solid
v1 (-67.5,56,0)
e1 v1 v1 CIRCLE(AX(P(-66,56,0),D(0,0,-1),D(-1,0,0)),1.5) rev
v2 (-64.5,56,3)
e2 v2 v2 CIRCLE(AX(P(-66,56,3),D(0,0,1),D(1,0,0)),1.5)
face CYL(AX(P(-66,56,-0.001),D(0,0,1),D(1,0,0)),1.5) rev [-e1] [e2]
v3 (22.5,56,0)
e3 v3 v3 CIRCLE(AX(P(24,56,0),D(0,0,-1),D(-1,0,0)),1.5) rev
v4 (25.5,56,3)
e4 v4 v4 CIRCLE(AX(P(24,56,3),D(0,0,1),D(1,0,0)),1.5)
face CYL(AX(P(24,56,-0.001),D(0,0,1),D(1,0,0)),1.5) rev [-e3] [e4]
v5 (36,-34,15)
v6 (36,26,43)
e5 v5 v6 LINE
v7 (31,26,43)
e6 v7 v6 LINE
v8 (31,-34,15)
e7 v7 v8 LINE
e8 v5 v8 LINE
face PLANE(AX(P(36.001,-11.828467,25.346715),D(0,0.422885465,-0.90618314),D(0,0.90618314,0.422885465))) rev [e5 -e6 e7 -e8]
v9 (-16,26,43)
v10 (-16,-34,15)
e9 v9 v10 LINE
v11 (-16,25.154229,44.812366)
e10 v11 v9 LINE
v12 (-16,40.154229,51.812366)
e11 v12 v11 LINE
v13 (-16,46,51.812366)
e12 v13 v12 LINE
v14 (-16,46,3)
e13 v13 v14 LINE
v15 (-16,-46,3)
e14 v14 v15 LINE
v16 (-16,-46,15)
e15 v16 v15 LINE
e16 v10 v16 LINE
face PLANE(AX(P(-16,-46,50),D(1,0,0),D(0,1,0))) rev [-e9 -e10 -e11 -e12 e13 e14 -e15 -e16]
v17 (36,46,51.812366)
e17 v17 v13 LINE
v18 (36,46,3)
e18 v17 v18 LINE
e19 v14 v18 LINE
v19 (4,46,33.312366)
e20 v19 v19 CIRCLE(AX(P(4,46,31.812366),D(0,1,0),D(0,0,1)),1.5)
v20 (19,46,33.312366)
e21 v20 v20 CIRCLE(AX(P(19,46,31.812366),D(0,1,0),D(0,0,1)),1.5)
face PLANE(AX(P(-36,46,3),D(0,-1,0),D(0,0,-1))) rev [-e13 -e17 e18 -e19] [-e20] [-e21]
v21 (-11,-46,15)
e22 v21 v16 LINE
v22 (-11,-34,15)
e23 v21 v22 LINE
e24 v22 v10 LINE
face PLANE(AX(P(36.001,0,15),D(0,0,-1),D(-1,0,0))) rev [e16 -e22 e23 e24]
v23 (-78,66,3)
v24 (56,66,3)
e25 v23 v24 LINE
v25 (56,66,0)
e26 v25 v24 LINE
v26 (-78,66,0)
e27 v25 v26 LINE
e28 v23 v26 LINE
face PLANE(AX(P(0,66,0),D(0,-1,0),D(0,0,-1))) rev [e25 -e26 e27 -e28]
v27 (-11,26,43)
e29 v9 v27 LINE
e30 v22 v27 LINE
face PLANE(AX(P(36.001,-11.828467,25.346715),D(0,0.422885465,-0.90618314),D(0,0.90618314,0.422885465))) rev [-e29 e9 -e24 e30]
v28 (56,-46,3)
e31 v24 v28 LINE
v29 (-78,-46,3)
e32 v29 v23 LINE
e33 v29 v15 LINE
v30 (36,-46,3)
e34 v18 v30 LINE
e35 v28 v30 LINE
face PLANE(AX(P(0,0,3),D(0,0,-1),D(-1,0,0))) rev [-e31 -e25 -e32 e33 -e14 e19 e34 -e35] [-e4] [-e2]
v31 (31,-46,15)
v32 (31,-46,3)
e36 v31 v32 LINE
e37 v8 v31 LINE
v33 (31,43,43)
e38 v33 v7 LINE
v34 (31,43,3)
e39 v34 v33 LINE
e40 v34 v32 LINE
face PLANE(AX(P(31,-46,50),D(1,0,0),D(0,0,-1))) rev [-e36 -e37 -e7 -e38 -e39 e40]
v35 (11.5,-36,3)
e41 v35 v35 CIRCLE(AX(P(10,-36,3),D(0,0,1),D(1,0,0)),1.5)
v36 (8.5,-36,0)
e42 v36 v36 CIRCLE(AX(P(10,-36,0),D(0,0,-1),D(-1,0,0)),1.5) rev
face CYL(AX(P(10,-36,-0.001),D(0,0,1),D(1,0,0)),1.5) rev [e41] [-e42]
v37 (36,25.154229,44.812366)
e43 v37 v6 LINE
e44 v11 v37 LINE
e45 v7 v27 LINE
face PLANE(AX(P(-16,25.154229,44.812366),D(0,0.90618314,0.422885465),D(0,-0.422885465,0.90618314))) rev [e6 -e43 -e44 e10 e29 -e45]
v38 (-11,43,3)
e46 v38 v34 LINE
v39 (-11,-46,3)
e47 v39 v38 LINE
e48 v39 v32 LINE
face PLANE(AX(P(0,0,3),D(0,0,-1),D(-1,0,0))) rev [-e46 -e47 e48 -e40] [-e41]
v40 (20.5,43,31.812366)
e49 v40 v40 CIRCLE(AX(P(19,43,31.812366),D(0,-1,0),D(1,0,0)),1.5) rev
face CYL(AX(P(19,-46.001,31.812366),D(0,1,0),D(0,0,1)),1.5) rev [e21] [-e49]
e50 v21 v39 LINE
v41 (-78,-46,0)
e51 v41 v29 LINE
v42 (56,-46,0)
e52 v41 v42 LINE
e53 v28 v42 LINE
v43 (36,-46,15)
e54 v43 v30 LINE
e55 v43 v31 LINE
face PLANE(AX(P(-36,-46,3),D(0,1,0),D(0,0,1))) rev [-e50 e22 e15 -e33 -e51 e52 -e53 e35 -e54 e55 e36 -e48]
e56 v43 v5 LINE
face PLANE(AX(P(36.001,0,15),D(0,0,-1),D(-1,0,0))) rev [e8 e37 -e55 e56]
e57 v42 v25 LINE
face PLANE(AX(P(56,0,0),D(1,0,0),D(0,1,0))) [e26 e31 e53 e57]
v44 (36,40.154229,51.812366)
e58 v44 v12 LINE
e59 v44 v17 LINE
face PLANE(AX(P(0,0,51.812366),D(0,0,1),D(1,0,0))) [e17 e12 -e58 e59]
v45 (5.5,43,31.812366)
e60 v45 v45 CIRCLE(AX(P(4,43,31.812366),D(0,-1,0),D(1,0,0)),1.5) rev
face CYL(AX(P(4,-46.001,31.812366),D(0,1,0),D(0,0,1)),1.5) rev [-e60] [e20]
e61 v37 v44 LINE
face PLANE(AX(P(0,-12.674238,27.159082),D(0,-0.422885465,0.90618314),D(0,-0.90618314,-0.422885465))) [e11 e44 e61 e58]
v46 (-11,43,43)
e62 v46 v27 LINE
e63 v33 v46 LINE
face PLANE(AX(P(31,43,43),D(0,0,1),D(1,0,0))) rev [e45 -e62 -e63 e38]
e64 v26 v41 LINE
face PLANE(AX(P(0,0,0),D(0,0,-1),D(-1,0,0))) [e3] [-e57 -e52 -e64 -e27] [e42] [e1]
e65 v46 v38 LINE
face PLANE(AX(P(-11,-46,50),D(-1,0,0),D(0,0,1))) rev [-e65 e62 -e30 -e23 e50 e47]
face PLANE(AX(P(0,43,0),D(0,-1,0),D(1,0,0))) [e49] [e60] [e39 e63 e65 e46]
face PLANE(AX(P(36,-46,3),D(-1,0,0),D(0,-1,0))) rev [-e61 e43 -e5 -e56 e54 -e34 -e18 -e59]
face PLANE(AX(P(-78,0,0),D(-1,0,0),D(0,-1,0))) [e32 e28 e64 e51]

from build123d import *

# Parameters (mm, degrees)
SKETCH1_W           = 72
SKETCH1_H           = 92
BOSS_EXTRUDE1_DEPTH = 3
SKETCH2_W           = 5
SKETCH2_H           = 92
BOSS_EXTRUDE2_DEPTH = 47
BOSS_EXTRUDE3_REACH = 52
SKETCH3_W           = 52
SKETCH3_H           = 20
CUT_EXTRUDE3_REACH  = 54
SKETCH8_W           = 52
SKETCH8_H           = 16.552945357
BOSS_EXTRUDE5_DEPTH = 2
SKETCH9_W           = 52
SKETCH9_H           = 5
SKETCH9_H_2         = 0.845770931
BOSS_EXTRUDE6_DEPTH = 1.812366
SKETCH10_W          = 42
SKETCH10_H          = 40
CUT_EXTRUDE4_DEPTH  = 17
CUT_EXTRUDE5_REACH  = 94
SKETCH12_R          = 1.5
SKETCH13_W          = 72
SKETCH13_H          = 3
BOSS_EXTRUDE7_DEPTH = 20
SKETCH15_W          = 3
SKETCH15_H          = 112
BOSS_EXTRUDE8_DEPTH = 20
SKETCH16_W          = 3
SKETCH16_H          = 112
BOSS_EXTRUDE9_DEPTH = 42
CUT_EXTRUDE9_REACH  = 5
SKETCH14_R          = 1.5


with BuildPart() as part:
    # Sketch1 → Boss-Extrude1 (new body)
    with BuildSketch(Plane.XY):
        Rectangle(SKETCH1_W, SKETCH1_H)
    extrude(amount=BOSS_EXTRUDE1_DEPTH)

    # Sketch2 → Boss-Extrude2 (add)
    with BuildSketch(Plane.XY.offset(3)):
        with Locations((33.5, 0)):
            Rectangle(SKETCH2_W, SKETCH2_H)
        with Locations((-13.5, 0)):
            Rectangle(SKETCH2_W, SKETCH2_H)
    extrude(amount=BOSS_EXTRUDE2_DEPTH)

    # Sketch3 → Boss-Extrude3 (add, up to next)
    with BuildSketch(Plane.XY.offset(50), mode=Mode.PRIVATE) as boss_extrude3_sk1:
        with Locations((10, 36)):
            Rectangle(SKETCH3_W, SKETCH3_H)
    boss_extrude3_tool1 = extrude(boss_extrude3_sk1.sketch, amount=-BOSS_EXTRUDE3_REACH, mode=Mode.PRIVATE) - part.part
    add(boss_extrude3_tool1.solids().sort_by_distance((10, 36, 50))[0])

    # Sketch7 → Cut-Extrude3 (cut, up to next)
    with BuildSketch(Plane.ZY.offset(16), mode=Mode.PRIVATE) as cut_extrude3_sk1:
        Polygon((50, 41), (15, -34), (15, -46), (50, -46), align=None)
    cut_extrude3_tool1 = extrude(cut_extrude3_sk1.sketch, amount=-CUT_EXTRUDE3_REACH, mode=Mode.PRIVATE) & part.part
    add(cut_extrude3_tool1.solids().sort_by_distance((-16, -16.515152, 36.919192))[0], mode=Mode.SUBTRACT)

    # Sketch8 → Boss-Extrude5 (add)
    with BuildSketch(Plane(origin=(0, -11.828467153, 25.346715328), x_dir=(1, 0, 0), z_dir=(0, -0.422885465, 0.90618314))):
        with Locations((10, 50.021309328)):
            Rectangle(SKETCH8_W, SKETCH8_H)
    extrude(amount=BOSS_EXTRUDE5_DEPTH)

    # Sketch9 → Boss-Extrude6 (add)
    with BuildSketch(Plane.XY.offset(50)):
        with Locations((10, 43.5)):
            Rectangle(SKETCH9_W, SKETCH9_H)
        with Locations((10, 40.577114534)):
            Rectangle(SKETCH9_W, SKETCH9_H_2)
    extrude(amount=BOSS_EXTRUDE6_DEPTH)

    # Sketch10 → Cut-Extrude4 (cut)
    with BuildSketch(Plane.XZ.offset(-26)):
        with Locations((10, 23)):
            Rectangle(SKETCH10_W, SKETCH10_H)
    extrude(amount=-CUT_EXTRUDE4_DEPTH, mode=Mode.SUBTRACT)

    # Sketch12 → Cut-Extrude5 (cut, up to next)
    with BuildSketch(Plane(origin=(0, 46, 0), x_dir=(1, 0, 0), z_dir=(0, 1, 0)), mode=Mode.PRIVATE) as cut_extrude5_sk1:
        with Locations((4, -31.81236628)):
            Circle(SKETCH12_R)
    cut_extrude5_tool1 = extrude(cut_extrude5_sk1.sketch, amount=-CUT_EXTRUDE5_REACH, mode=Mode.PRIVATE) & part.part
    add(cut_extrude5_tool1.solids().sort_by_distance((4, 46, 31.812366))[0], mode=Mode.SUBTRACT)
    # Sketch12 → Cut-Extrude5 (cut, up to next)
    with BuildSketch(Plane(origin=(0, 46, 0), x_dir=(1, 0, 0), z_dir=(0, 1, 0)), mode=Mode.PRIVATE) as cut_extrude5_sk2:
        with Locations((19, -31.81236628)):
            Circle(SKETCH12_R)
    cut_extrude5_tool2 = extrude(cut_extrude5_sk2.sketch, amount=-CUT_EXTRUDE5_REACH, mode=Mode.PRIVATE) & part.part
    add(cut_extrude5_tool2.solids().sort_by_distance((19, 46, 31.812366))[0], mode=Mode.SUBTRACT)

    # Sketch13 → Boss-Extrude7 (add)
    with BuildSketch(Plane(origin=(0, 46, 0), x_dir=(1, 0, 0), z_dir=(0, 1, 0))):
        with Locations((0, -1.5)):
            Rectangle(SKETCH13_W, SKETCH13_H)
    extrude(amount=BOSS_EXTRUDE7_DEPTH)

    # Sketch15 → Boss-Extrude8 (add)
    with BuildSketch(Plane(origin=(36, 0, 0), x_dir=(0, 0, -1), z_dir=(1, 0, 0))):
        with Locations((-1.5, 10)):
            Rectangle(SKETCH15_W, SKETCH15_H)
    extrude(amount=BOSS_EXTRUDE8_DEPTH)

    # Sketch16 → Boss-Extrude9 (add)
    with BuildSketch(Plane.ZY.offset(36)):
        with Locations((1.5, 10)):
            Rectangle(SKETCH16_W, SKETCH16_H)
    extrude(amount=BOSS_EXTRUDE9_DEPTH)

    # Sketch14 → Cut-Extrude9 (cut, up to next)
    with BuildSketch(Plane.XY.offset(3), mode=Mode.PRIVATE) as cut_extrude9_sk1:
        with Locations((24, 56)):
            Circle(SKETCH14_R)
    cut_extrude9_tool1 = extrude(cut_extrude9_sk1.sketch, amount=-CUT_EXTRUDE9_REACH, mode=Mode.PRIVATE) & part.part
    add(cut_extrude9_tool1.solids().sort_by_distance((24, 56, 3))[0], mode=Mode.SUBTRACT)
    # Sketch14 → Cut-Extrude9 (cut, up to next)
    with BuildSketch(Plane.XY.offset(3), mode=Mode.PRIVATE) as cut_extrude9_sk2:
        with Locations((10, -36)):
            Circle(SKETCH14_R)
    cut_extrude9_tool2 = extrude(cut_extrude9_sk2.sketch, amount=-CUT_EXTRUDE9_REACH, mode=Mode.PRIVATE) & part.part
    add(cut_extrude9_tool2.solids().sort_by_distance((10, -36, 3))[0], mode=Mode.SUBTRACT)
    # Sketch14 → Cut-Extrude9 (cut, up to next)
    with BuildSketch(Plane.XY.offset(3), mode=Mode.PRIVATE) as cut_extrude9_sk3:
        with Locations((-66, 56)):
            Circle(SKETCH14_R)
    cut_extrude9_tool3 = extrude(cut_extrude9_sk3.sketch, amount=-CUT_EXTRUDE9_REACH, mode=Mode.PRIVATE) & part.part
    add(cut_extrude9_tool3.solids().sort_by_distance((-66, 56, 3))[0], mode=Mode.SUBTRACT)


solid = part.part
